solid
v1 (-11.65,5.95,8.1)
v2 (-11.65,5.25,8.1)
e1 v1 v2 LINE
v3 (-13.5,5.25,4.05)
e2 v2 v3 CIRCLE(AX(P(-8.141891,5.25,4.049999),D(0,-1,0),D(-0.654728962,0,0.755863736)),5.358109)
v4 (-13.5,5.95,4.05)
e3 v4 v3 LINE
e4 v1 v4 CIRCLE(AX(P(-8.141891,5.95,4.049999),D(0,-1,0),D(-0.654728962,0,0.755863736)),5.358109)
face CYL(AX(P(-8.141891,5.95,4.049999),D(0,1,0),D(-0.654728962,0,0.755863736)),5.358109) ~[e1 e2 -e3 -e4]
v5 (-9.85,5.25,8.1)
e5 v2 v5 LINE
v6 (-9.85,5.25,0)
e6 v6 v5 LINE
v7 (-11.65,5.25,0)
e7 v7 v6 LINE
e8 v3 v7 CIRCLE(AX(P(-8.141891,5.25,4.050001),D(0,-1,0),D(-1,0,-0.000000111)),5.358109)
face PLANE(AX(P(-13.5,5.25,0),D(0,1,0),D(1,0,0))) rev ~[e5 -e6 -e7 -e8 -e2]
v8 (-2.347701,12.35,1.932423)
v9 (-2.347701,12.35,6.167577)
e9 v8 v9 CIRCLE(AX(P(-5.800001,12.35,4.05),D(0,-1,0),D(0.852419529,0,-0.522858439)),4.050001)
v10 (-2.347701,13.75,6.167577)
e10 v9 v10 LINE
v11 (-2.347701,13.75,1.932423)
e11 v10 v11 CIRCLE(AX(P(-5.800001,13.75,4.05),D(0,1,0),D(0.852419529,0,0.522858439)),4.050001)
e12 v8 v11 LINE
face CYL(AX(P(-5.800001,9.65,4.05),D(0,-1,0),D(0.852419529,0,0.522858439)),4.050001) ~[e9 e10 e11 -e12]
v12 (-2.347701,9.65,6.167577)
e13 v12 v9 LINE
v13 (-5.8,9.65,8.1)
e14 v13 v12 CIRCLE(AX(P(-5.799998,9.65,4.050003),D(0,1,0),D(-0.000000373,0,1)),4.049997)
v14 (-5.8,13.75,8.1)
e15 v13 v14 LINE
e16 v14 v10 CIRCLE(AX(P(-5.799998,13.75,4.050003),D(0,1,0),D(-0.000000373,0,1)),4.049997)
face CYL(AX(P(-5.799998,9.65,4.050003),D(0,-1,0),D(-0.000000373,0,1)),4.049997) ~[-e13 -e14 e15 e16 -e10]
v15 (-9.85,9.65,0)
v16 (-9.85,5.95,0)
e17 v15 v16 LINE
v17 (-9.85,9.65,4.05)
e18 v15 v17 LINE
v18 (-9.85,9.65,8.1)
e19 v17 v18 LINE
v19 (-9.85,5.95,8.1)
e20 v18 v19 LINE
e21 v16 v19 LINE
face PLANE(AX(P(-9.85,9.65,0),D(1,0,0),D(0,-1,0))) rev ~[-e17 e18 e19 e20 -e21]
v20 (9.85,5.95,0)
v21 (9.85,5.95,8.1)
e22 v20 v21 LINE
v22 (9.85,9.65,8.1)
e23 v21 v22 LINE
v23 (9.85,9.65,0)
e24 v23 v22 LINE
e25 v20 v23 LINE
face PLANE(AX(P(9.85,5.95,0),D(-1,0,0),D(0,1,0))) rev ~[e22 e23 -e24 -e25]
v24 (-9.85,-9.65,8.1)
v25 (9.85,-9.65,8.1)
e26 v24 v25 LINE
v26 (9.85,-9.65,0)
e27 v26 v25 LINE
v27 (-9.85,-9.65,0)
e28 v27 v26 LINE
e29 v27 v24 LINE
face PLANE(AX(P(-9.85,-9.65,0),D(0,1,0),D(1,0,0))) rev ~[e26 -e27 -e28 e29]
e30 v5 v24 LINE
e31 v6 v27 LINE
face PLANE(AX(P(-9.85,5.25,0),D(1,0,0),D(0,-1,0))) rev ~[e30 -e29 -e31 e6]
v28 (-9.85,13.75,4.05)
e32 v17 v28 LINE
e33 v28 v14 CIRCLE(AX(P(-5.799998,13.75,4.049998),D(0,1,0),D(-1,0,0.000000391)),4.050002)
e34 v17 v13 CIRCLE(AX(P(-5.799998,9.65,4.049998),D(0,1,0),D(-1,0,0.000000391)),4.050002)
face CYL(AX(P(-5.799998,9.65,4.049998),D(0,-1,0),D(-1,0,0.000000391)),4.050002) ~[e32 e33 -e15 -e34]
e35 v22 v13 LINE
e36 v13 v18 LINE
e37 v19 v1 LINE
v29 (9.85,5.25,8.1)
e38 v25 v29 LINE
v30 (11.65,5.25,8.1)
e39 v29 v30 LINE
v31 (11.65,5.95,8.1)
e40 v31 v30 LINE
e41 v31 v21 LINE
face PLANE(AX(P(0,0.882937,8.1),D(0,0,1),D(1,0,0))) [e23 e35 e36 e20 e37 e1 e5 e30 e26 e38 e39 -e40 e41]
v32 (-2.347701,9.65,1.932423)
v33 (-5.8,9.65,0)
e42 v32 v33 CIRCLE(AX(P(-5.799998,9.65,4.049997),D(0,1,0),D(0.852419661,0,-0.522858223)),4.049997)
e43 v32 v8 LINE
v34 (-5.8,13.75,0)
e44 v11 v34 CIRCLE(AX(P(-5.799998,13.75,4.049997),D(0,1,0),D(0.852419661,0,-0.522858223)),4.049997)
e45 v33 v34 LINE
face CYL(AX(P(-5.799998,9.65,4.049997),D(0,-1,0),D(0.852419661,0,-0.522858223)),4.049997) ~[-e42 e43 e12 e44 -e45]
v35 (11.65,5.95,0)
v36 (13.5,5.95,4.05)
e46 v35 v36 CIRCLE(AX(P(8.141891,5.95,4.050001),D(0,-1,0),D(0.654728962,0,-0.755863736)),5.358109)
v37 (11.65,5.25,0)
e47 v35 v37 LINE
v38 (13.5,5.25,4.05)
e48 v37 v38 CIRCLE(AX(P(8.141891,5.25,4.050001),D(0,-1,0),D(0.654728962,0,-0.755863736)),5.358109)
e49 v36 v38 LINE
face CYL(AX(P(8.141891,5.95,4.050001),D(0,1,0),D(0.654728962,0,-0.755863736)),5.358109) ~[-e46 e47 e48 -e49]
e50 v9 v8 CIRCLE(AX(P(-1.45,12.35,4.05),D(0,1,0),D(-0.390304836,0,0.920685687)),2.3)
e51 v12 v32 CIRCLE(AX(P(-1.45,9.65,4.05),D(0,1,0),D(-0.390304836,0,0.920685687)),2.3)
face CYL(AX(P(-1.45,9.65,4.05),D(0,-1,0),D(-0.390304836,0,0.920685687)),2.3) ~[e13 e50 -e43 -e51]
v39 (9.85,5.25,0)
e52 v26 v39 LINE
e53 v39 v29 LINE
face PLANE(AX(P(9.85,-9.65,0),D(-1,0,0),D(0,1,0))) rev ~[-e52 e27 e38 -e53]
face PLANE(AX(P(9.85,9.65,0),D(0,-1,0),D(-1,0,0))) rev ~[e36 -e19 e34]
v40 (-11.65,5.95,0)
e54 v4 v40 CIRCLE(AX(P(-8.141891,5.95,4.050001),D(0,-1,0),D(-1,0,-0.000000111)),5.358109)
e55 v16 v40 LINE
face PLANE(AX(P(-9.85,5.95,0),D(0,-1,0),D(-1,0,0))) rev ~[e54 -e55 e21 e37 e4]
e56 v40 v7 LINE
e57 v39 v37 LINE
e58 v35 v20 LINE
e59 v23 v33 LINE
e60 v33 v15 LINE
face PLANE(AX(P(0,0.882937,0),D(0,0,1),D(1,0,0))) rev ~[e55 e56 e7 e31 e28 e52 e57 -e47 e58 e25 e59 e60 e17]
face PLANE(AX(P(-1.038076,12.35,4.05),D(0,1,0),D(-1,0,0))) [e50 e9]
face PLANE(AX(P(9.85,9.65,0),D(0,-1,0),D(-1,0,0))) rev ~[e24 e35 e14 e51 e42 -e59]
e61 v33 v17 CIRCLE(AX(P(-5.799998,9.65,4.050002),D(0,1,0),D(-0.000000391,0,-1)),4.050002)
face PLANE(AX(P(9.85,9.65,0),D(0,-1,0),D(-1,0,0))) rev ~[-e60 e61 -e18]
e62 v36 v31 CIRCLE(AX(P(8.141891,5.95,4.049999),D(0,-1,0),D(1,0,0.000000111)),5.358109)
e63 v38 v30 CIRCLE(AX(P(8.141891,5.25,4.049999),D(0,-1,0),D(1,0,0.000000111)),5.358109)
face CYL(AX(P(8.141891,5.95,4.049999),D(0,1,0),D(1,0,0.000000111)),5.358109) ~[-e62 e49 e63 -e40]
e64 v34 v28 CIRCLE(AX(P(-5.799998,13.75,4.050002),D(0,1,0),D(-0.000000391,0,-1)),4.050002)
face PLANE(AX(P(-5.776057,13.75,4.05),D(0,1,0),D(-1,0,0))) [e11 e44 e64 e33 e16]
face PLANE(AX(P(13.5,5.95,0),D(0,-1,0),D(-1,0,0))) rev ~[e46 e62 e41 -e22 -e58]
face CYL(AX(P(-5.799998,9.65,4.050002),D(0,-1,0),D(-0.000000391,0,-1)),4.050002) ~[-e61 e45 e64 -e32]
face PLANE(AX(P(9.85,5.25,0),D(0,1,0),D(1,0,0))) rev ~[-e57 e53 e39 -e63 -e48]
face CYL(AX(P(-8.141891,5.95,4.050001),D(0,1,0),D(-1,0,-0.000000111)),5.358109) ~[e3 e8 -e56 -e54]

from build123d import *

# Parameters (mm, degrees)
F1_DEPTH = 8.1
F3_DEPTH = 0.7
F5_DEPTH = 4.1
F6_DEPTH = 2.7


with BuildPart() as f1:
    # F0 (on Top) → F1 (new body)
    with BuildSketch(Plane.XY):
        Polygon((-9.85, -9.65), (9.85, -9.65), (9.85, 5.25), (13.5, 5.25), (13.5, 5.95), (9.85, 5.95), (9.85, 9.65), (-9.85, 9.65), (-9.85, 5.95), (-13.5, 5.95), (-13.5, 5.25), (-9.85, 5.25), align=None)
    extrude(amount=F1_DEPTH)

    # F2 (on face) → F3 (cut, through all)
    with BuildSketch(Plane(origin=(0, 5.95, 0), x_dir=(-1, 0, 0), z_dir=(0, 1, 0))):
        with BuildLine():
            ThreePointArc((-11.65, 0), (-13.015604, 1.823736), (-13.5, 4.05))
            Line((-13.5, 4.05), (-13.5, 0))
            Line((-13.5, 0), (-11.65, 0))
        make_face()
        with BuildLine():
            ThreePointArc((-13.5, 4.05), (-13.015604, 6.276264), (-11.65, 8.1))
            Line((-11.65, 8.1), (-13.5, 8.1))
            Line((-13.5, 8.1), (-13.5, 4.05))
        make_face()
        with BuildLine():
            Line((13.5, 8.1), (11.65, 8.1))
            ThreePointArc((11.65, 8.1), (13.015604, 6.276264), (13.5, 4.05))
            Line((13.5, 4.05), (13.5, 8.1))
        make_face()
        with BuildLine():
            Line((13.5, 0), (13.5, 4.05))
            ThreePointArc((13.5, 4.05), (13.015604, 1.823736), (11.65, 0))
            Line((11.65, 0), (13.5, 0))
        make_face()
    extrude(amount=-F3_DEPTH, mode=Mode.SUBTRACT)

    # F4 (on face) → F5 (join)
    with BuildSketch(Plane(origin=(0, 9.65, 0), x_dir=(-1, 0, 0), z_dir=(0, 1, 0))):
        with BuildLine():
            ThreePointArc((5.8, 8.1), (3.82183, 7.584027), (2.347701, 6.167577))
            ThreePointArc((2.347701, 6.167577), (1.75, 4.05), (2.347701, 1.932423))
            ThreePointArc((2.347701, 1.932423), (3.82183, 0.515973), (5.8, 0))
            ThreePointArc((5.8, 0), (8.663782, 1.186218), (9.85, 4.05))
            ThreePointArc((9.85, 4.05), (8.663782, 6.913782), (5.8, 8.1))
        make_face()
    extrude(amount=F5_DEPTH)

    # F4 (on face) → F6 (join)
    with BuildSketch(Plane(origin=(0, 9.65, 0), x_dir=(-1, 0, 0), z_dir=(0, 1, 0))):
        with BuildLine():
            ThreePointArc((2.347701, 1.932423), (1.75, 4.05), (2.347701, 6.167577))
            ThreePointArc((2.347701, 6.167577), (-0.85, 4.05), (2.347701, 1.932423))
        make_face()
    extrude(amount=F6_DEPTH)


solid = f1.part
